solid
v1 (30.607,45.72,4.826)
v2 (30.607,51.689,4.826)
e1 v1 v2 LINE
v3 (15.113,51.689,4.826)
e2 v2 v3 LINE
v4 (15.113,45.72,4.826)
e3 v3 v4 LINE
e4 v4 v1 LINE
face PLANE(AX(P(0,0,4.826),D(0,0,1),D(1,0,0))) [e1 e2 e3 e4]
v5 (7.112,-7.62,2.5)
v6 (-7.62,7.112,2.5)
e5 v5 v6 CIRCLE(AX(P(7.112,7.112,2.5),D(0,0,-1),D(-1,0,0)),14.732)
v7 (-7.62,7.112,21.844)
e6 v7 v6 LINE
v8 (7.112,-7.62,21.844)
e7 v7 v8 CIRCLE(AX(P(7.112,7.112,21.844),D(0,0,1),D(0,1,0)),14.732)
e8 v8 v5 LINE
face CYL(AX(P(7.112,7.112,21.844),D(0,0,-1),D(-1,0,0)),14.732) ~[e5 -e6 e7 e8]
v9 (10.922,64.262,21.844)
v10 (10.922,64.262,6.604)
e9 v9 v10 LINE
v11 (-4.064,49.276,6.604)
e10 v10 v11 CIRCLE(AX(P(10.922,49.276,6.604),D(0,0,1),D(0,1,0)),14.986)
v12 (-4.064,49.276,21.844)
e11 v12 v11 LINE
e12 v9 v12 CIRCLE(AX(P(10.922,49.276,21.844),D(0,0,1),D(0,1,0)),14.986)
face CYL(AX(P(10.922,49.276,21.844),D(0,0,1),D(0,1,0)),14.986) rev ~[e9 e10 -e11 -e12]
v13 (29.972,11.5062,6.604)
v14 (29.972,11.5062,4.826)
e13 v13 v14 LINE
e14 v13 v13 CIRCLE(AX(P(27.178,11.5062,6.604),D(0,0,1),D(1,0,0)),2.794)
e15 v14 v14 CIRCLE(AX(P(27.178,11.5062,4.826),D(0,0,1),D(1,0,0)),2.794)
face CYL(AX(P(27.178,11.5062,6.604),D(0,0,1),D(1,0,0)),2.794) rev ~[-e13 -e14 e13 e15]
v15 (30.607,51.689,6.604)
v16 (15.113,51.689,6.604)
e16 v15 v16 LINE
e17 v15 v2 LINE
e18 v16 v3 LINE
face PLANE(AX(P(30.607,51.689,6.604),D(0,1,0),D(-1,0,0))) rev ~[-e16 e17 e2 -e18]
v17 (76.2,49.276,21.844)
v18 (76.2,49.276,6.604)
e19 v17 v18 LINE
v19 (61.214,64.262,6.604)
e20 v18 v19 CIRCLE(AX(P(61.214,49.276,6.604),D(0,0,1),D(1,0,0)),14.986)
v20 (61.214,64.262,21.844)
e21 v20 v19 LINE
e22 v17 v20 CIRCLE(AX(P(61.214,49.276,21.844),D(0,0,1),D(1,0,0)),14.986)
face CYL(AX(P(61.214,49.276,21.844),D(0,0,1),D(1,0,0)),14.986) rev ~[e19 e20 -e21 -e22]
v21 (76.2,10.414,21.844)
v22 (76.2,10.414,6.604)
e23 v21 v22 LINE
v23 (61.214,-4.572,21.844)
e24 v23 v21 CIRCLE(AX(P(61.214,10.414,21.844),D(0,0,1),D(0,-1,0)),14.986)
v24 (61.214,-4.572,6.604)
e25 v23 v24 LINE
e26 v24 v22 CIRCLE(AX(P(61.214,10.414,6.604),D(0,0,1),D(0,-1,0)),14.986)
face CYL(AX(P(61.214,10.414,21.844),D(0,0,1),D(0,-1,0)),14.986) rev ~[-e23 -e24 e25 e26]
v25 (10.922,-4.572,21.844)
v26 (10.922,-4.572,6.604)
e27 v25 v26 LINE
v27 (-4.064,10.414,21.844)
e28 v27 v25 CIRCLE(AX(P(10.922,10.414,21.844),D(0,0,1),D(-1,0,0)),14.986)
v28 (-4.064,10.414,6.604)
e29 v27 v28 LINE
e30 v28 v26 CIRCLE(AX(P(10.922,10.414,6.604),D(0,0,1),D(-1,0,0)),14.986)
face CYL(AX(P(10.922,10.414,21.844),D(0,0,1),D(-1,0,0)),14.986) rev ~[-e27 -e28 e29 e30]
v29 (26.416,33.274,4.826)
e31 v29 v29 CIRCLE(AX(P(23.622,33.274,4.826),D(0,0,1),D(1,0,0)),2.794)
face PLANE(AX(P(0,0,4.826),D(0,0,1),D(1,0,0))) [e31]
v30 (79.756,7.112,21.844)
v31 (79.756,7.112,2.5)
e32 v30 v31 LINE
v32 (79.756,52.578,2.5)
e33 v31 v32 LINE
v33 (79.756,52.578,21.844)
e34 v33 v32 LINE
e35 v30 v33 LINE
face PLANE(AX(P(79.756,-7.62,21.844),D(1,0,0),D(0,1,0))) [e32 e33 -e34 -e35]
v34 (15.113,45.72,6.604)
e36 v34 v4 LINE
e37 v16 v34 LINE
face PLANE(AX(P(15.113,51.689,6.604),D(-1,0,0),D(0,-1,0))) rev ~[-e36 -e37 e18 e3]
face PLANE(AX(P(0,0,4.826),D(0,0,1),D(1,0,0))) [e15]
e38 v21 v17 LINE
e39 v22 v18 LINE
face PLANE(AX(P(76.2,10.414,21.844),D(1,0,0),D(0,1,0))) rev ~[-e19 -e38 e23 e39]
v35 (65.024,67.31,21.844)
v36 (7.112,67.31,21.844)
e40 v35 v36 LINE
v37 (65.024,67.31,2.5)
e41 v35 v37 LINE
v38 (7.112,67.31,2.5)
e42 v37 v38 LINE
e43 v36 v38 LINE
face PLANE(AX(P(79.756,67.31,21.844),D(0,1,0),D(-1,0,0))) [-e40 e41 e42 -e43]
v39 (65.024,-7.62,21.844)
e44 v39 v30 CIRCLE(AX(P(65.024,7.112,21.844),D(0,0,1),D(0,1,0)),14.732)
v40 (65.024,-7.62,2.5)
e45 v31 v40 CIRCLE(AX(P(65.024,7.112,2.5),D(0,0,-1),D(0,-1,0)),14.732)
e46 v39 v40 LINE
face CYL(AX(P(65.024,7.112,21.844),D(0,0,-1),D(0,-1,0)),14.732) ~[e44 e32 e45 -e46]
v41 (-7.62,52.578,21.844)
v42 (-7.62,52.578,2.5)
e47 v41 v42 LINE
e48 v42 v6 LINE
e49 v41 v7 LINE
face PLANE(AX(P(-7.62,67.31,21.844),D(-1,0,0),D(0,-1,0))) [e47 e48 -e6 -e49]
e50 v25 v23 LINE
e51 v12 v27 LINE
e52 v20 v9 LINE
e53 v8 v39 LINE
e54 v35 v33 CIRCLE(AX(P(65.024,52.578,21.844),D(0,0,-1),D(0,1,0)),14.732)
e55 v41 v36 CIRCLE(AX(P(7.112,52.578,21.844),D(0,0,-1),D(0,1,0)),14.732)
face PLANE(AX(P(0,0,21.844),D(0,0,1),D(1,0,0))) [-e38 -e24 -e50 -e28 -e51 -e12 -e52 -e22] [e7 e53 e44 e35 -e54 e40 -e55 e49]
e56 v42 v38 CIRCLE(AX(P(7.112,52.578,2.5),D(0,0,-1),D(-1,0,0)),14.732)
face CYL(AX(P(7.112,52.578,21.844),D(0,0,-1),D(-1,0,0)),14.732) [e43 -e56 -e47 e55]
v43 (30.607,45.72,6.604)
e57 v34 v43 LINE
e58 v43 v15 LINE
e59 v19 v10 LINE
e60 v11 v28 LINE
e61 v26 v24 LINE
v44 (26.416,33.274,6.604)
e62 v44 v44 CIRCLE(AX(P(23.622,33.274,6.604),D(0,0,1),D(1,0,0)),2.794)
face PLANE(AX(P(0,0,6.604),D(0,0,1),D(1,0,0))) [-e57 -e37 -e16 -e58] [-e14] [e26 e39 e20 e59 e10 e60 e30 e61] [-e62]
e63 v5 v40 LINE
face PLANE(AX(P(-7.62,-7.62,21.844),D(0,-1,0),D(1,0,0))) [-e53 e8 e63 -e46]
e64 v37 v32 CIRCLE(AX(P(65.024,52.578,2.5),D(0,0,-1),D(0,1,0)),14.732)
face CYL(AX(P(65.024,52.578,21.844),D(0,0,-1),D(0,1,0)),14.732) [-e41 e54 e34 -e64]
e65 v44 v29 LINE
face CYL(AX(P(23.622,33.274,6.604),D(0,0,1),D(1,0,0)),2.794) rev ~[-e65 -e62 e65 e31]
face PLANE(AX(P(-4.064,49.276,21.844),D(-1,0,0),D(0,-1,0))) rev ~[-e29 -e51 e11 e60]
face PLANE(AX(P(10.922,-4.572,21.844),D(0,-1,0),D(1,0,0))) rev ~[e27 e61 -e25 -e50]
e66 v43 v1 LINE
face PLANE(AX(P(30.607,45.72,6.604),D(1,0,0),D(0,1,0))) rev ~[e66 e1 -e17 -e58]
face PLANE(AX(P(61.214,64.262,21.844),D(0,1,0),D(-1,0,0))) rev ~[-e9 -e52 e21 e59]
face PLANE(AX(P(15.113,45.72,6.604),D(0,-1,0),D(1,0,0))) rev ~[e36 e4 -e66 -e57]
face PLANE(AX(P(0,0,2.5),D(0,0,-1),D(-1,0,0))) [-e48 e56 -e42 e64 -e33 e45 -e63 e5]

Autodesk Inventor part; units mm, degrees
ref_plane "YZ Plane" through (0, 0, 0) normal (1, 0, 0) x (0, 1, 0)
ref_plane "XZ Plane" through (0, 0, 0) normal (0, 1, 0) x (-1, 0, 0)
ref_plane "XY Plane" through (0, 0, 0) normal (0, 0, 1) x (1, 0, 0)
sketch "Sketch1" plane through (0, 0, 0) normal (0, 0, 1) x (1, 0, 0)
  line L0 (0, 0) -> (72.136, 0)
  line L1 (72.136, 0) -> (72.136, 59.69)
  line L2 (72.136, 59.69) -> (0, 59.69)
  line L3 (0, 59.69) -> (0, 0)
  dimension "d0" = 59.69
  dimension "d1" = 72.136
extrude "Extrusion1" add sketch "Sketch1" along normal blind 21.844
sketch "Sketch2" plane through (0, 0, 21.844) normal (0, 0, 1) x (1, 0, 0)
  line L0 (3.048, 56.642) -> (69.088, 56.642)
  line L1 (69.088, 56.642) -> (69.088, 3.048)
  line L2 (69.088, 3.048) -> (3.048, 3.048)
  line L3 (3.048, 3.048) -> (3.048, 56.642)
  line L4 (72.136, 59.69) -> (0, 59.69) projected
  line L5 (72.136, 0) -> (72.136, 59.69) projected
  line L6 (0, 0) -> (72.136, 0) projected
  line L7 (0, 59.69) -> (0, 0) projected
  dimension "d4" = 3.048
  dimension "d5" = 3.048
  dimension "d6" = 3.048
  dimension "d7" = 3.048
extrude "Extrusion2" cut sketch "Sketch2" against normal blind 15.24 contours L0 L1 L2 L3
sketch "Sketch3" plane through (0, 0, 6.604) normal (0, 0, 1) x (1, 0, 0)
  line L0 (15.113, 45.72) -> (30.607, 45.72)
  line L1 (30.607, 45.72) -> (30.607, 51.689)
  line L2 (30.607, 51.689) -> (15.113, 51.689)
  line L3 (15.113, 51.689) -> (15.113, 45.72)
  line L4 (3.048, 56.642) -> (69.088, 56.642) projected
  line L5 (3.048, 3.048) -> (3.048, 56.642) projected
  circle A0 centre (23.622, 33.274) radius 2.794
  circle A1 centre (27.178, 11.5062) radius 2.794
  point P0 (0, 0)
  dimension "d10" = 5.969
  dimension "d11" = 15.494
  dimension "d12" = 4.953
  dimension "d13" = 12.065
  dimension "d14" = 5.588
  dimension "d15" = 5.588
  dimension "d17" = 24.13
  dimension "d18" = 20.574
  dimension "d21" = 23.368
  dimension "d22" = 45.1358
extrude "Extrusion3" cut sketch "Sketch3" against normal blind 1.778
sketch "Sketch4" plane through (0, 0, 21.844) normal (0, 0, 1) x (1, 0, 0)
  point P0 (0, 0)
sketch "Sketch5" plane through (0, 0, 21.844) normal (0, 0, 1) x (1, 0, 0)
  line L0 (-2.54, -2.54) -> (74.676, -2.54)
  line L1 (74.676, -2.54) -> (74.676, 62.23)
  line L2 (74.676, 62.23) -> (-2.54, 62.23)
  line L3 (-2.54, 62.23) -> (-2.54, -2.54)
  line L4 (72.136, 0) -> (72.136, 59.69) projected
  line L5 (72.136, 59.69) -> (0, 59.69) projected
  line L6 (0, 59.69) -> (0, 0) projected
  line L7 (0, 0) -> (72.136, 0) projected
  line L8 (0, 0) -> (72.136, 0)
  line L9 (72.136, 0) -> (72.136, 59.69)
  line L10 (72.136, 59.69) -> (0, 59.69)
  line L11 (0, 59.69) -> (0, 0)
  dimension "d23" = 2.54
  dimension "d24" = 2.54
  dimension "d25" = 2.54
  dimension "d26" = 2.54
extrude "Extrusion4" add sketch "Sketch5" against normal blind 21.844
sketch "Sketch6" plane through (0, 0, 21.844) normal (0, 0, 1) x (1, 0, 0)
  line L0 (-0.762, -0.762) -> (72.898, -0.762)
  line L1 (72.898, -0.762) -> (72.898, 60.452)
  line L2 (72.898, 60.452) -> (-0.762, 60.452)
  line L3 (-0.762, 60.452) -> (-0.762, -0.762)
  line L4 (3.048, 3.048) -> (3.048, 56.642) projected
  line L5 (3.048, 56.642) -> (69.088, 56.642) projected
  line L6 (69.088, 56.642) -> (69.088, 3.048) projected
  line L7 (69.088, 3.048) -> (3.048, 3.048) projected
  point P0 (0, 0)
  dimension "d29" = 3.81
  dimension "d30" = 3.81
  dimension "d31" = 3.81
  dimension "d32" = 3.81
extrude "Extrusion5" cut sketch "Sketch6" against normal blind 15.24
sketch "Sketch7" plane through (0, 0, 21.844) normal (0, 0, 1) x (1, 0, 0)
  point P0 (0, 0)
sketch "Sketch8" plane through (0, 0, 21.844) normal (0, 0, 1) x (1, 0, 0)
  line L0 (74.676, -2.54) -> (-2.54, -2.54) projected
  line L1 (-2.54, -2.54) -> (74.676, -2.54)
  line L2 (74.676, -2.54) -> (74.676, 62.23)
  line L3 (74.676, 62.23) -> (-2.54, 62.23)
  line L4 (-2.54, 62.23) -> (-2.54, -2.54)
  line L5 (-7.62, -7.62) -> (79.756, -7.62)
  line L6 (79.756, -7.62) -> (79.756, 67.31)
  line L7 (79.756, 67.31) -> (-7.62, 67.31)
  line L8 (-7.62, 67.31) -> (-7.62, -7.62)
  point P0 (0, 0)
  dimension "d35" = 5.08
  dimension "d36" = 5.08
  dimension "d37" = 5.08
  dimension "d38" = 5.08
extrude "Extrusion6" add sketch "Sketch8" against normal blind 21.844
sketch "Sketch10" plane through (0, 0, 21.844) normal (0, 0, 1) x (1, 0, 0)
  point P0 (0, 0)
sketch "Sketch15" plane through (0, 0, 21.844) normal (0, 0, 1) x (1, 0, 0)
  line L0 (72.898, -0.762) -> (-0.762, -0.762) projected
  line L1 (-0.762, 60.452) -> (72.898, 60.452) projected
  line L2 (-0.762, -0.762) -> (72.898, -0.762)
  line L3 (72.898, -0.762) -> (72.898, 60.452)
  line L4 (72.898, 60.452) -> (-0.762, 60.452)
  line L5 (-0.762, 60.452) -> (-0.762, -0.762)
  line L6 (70.358, 57.912) -> (1.778, 57.912)
  line L7 (1.778, 57.912) -> (1.778, 1.778)
  line L8 (1.778, 1.778) -> (70.358, 1.778)
  line L9 (70.358, 1.778) -> (70.358, 57.912)
  point P0 (0, 0)
  dimension "d63" = 2.54
  dimension "d64" = 2.54
  dimension "d65" = 2.54
  dimension "d66" = 2.54
extrude "Extrusion8" add sketch "Sketch15" against normal blind 15.24
sketch "Sketch16" plane through (0, 0, 21.844) normal (0, 0, 1) x (1, 0, 0)
  line L0 (10.922, -4.572) -> (61.214, -4.572)
  line L1 (76.2, 10.414) -> (76.2, 49.276)
  line L2 (61.214, 64.262) -> (10.922, 64.262)
  line L3 (-4.064, 49.276) -> (-4.064, 10.414)
  line L4 (1.778, 57.912) -> (70.358, 57.912) projected
  line L5 (70.358, 1.778) -> (1.778, 1.778) projected
  line L6 (1.778, 1.778) -> (1.778, 57.912) projected
  line L7 (70.358, 57.912) -> (70.358, 1.778) projected
  line L8 (1.778, 57.912) -> (1.778, 1.778) projected
  line L9 (70.358, 1.778) -> (70.358, 57.912) projected
  line L10 (1.778, 1.778) -> (70.358, 1.778)
  line L11 (70.358, 1.778) -> (70.358, 57.912)
  line L12 (70.358, 57.912) -> (1.778, 57.912)
  line L13 (1.778, 57.912) -> (1.778, 1.778)
  arc A0 (-4.064, 10.414) -> (10.922, -4.572) centre (10.922, 10.414) ccw
  arc A1 (10.922, 64.262) -> (-4.064, 49.276) centre (10.922, 49.276) ccw
  arc A2 (76.2, 49.276) -> (61.214, 64.262) centre (61.214, 49.276) ccw
  arc A3 (61.214, -4.572) -> (76.2, 10.414) centre (61.214, 10.414) ccw
  point P0 (0, 0)
  dimension "d69" = 6.35
  dimension "d70" = 6.35
  dimension "d71" = 5.842
  dimension "d72" = 5.842
  dimension "d73" = 14.986
extrude "Extrusion9" cut sketch "Sketch16" against normal blind 15.24
fillet "Fillet2" radius 14.732 4 edges at (79.756, 67.31, 10.922) (79.756, -7.62, 10.922) (-7.62, 67.31, 10.922) (-7.62, -7.62, 10.922)
sketch "Sketch17" plane through (0, 0, 0) normal (0, 0, -1) x (-1, 0, 0)
  line L0 (-94.7004, 78.8948) -> (24.3491, 78.8948)
  line L1 (24.3491, 78.8948) -> (24.3491, -15.2836)
  line L2 (24.3491, -15.2836) -> (-94.7004, -15.2836)
  line L3 (-94.7004, -15.2836) -> (-94.7004, 78.8948)
  point P0 (0, 0)
extrude "Extrusion10" cut sketch "Sketch17" against normal blind 2.5
properties part number "Bottom_Housing_K30"
